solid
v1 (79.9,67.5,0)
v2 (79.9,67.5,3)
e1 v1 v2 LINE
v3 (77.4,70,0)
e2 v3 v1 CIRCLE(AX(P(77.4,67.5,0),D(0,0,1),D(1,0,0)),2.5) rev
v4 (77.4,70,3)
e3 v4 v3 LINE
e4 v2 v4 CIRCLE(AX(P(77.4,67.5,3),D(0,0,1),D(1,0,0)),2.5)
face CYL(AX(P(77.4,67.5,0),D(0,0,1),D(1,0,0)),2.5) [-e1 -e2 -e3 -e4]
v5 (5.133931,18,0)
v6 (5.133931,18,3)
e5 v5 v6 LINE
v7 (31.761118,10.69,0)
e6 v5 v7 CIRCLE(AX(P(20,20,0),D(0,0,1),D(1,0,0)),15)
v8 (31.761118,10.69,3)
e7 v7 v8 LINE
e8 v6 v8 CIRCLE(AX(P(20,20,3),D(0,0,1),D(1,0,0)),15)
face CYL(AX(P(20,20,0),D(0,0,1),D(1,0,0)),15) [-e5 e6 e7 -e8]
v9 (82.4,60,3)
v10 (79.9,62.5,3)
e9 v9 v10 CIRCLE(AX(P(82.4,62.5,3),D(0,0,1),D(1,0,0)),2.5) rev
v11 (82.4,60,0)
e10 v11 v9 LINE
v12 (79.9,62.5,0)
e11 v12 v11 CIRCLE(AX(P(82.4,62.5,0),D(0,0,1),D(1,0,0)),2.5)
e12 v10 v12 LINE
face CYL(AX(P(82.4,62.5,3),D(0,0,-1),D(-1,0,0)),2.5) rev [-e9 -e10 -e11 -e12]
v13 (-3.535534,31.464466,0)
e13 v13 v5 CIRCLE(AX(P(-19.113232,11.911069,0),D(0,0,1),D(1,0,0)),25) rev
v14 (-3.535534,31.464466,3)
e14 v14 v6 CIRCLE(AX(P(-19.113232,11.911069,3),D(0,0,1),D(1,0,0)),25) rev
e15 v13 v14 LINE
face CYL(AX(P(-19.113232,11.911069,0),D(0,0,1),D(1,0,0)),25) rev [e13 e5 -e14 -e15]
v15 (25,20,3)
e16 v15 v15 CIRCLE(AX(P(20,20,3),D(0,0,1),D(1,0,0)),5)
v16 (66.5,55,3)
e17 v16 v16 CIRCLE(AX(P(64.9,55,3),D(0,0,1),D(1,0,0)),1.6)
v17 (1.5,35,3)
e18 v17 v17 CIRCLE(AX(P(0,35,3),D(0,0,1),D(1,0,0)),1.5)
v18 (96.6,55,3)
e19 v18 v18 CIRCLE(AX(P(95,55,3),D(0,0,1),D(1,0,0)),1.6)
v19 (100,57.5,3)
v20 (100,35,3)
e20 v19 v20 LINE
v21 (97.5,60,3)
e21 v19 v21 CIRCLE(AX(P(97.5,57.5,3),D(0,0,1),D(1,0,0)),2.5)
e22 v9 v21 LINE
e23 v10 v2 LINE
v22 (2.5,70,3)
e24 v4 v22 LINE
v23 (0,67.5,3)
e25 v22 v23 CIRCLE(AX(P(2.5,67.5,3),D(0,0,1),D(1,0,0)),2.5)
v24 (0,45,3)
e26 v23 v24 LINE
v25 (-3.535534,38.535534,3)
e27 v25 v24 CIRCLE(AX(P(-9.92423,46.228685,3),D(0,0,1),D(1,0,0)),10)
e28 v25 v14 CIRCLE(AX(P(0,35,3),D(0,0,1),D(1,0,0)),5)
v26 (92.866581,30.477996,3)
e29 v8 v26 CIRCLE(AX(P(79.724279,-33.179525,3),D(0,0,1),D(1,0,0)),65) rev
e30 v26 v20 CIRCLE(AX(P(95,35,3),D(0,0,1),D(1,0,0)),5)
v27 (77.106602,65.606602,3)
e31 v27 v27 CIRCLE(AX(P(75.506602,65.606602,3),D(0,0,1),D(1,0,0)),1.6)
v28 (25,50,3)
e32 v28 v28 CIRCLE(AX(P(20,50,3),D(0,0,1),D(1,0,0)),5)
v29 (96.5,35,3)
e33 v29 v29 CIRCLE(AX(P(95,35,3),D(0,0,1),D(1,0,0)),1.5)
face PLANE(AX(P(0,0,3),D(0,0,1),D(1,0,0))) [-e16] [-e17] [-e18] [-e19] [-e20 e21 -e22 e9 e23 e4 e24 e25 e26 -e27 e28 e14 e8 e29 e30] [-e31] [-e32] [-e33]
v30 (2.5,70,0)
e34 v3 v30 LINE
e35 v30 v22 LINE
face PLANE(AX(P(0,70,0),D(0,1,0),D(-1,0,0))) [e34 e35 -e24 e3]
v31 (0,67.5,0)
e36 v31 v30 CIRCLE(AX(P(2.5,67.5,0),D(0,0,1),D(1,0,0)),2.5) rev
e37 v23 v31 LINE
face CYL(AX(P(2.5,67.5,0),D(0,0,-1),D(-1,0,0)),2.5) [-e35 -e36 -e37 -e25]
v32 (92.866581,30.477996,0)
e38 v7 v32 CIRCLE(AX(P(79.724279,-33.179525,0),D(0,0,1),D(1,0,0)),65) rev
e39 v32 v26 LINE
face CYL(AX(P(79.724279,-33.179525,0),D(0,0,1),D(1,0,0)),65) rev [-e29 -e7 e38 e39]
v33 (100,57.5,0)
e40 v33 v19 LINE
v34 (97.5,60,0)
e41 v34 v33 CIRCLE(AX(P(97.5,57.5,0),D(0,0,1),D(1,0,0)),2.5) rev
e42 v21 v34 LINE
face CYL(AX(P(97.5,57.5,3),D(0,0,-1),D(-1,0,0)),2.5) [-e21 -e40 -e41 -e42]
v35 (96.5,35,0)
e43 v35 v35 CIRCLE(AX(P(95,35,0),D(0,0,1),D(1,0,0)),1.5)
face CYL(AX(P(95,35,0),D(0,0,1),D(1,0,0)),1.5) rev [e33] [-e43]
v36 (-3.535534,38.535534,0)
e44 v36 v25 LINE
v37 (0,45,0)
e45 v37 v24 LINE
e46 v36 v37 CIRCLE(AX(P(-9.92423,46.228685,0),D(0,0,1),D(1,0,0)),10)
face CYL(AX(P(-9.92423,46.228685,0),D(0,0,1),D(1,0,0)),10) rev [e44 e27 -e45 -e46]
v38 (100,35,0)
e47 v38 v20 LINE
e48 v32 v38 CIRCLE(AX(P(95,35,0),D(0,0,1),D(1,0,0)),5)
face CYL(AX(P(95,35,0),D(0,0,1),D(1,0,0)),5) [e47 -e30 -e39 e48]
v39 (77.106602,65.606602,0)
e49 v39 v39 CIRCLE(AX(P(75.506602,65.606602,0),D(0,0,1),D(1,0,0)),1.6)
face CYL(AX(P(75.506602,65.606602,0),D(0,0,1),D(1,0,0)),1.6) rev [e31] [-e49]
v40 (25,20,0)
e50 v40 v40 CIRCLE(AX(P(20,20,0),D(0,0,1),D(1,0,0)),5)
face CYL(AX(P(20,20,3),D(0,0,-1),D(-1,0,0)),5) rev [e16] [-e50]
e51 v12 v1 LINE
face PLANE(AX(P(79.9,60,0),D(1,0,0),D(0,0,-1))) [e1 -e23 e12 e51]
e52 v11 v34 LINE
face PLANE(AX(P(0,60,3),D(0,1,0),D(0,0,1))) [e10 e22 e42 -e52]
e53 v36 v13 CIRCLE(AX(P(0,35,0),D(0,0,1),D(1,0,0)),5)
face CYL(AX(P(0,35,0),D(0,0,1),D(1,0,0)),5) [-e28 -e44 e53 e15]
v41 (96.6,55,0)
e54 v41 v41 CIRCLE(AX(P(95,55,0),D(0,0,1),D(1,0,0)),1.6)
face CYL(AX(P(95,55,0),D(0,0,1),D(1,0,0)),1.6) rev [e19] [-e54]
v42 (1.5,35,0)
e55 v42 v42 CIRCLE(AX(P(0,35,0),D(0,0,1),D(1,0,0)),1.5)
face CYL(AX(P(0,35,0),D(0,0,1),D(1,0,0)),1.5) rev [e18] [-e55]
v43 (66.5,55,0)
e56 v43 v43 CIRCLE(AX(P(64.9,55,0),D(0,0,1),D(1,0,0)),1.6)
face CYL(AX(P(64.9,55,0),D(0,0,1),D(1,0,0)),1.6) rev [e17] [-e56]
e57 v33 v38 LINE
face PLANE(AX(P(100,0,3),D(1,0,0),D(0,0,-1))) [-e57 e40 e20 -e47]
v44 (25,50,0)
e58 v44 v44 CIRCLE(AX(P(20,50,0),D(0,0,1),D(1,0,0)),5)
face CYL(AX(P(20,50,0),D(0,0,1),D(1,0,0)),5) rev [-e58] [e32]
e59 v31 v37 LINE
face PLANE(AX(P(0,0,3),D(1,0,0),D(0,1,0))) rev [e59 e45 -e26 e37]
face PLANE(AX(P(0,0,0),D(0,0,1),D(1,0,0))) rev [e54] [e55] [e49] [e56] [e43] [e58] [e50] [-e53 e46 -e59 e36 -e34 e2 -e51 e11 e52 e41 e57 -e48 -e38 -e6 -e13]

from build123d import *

# Parameters (mm, degrees)
SKETCH_1_R               = 5
SKETCH_1_R_2             = 2.15
EXTRUDE_1_DEPTH          = 3
SKETCH_2_R               = 1.5
CUT_EXTRUDE_1_DEPTH      = 117.657618697
CUT_EXTRUDE_3_DEPTH      = 117.657618697
SKETCH_5_W               = 40
SKETCH_5_H               = 20
SKETCH_5_R               = 2.15
EXTRUDE_2_DEPTH          = 3
SKETCH_6_R               = 5
CUT_EXTRUDE_4_DEPTH      = 117.657618697
SKETCH_7_R               = 1.5
EXTRUDE_4_DEPTH          = 3
CUT_EXTRUDE_6_DEPTH      = 117.657618697
CUT_EXTRUDE_6_DEPTH_BACK = 117.657618697
SKETCH_9_R               = 1.6
CUT_EXTRUDE_7_DEPTH      = 117.657618697
SKETCH_10_W              = 79.9
SKETCH_10_H              = 10
SKETCH_10_R              = 1.6
EXTRUDE_5_DEPTH          = 3
FILLET_1_R               = 2.5


with BuildPart() as part:
    # ｽｹｯﾁ1 → ﾎﾞｽ - 押し出し1 (new body)
    with BuildSketch(Plane.XY):
        Polygon((10, 60), (0, 60), (0, 0), (100, 0), (100, 50), (100, 60), (50, 60), (50, 40), (10, 40), align=None)
        with Locations((20, 20)):
            Circle(SKETCH_1_R, mode=Mode.SUBTRACT)
        with Locations((5.25, 45)):
            Circle(SKETCH_1_R_2, mode=Mode.SUBTRACT)
        with Locations((5.25, 55)):
            Circle(SKETCH_1_R_2, mode=Mode.SUBTRACT)
        with Locations((54.75, 45)):
            Circle(SKETCH_1_R_2, mode=Mode.SUBTRACT)
        with Locations((54.75, 55)):
            Circle(SKETCH_1_R_2, mode=Mode.SUBTRACT)
    extrude(amount=EXTRUDE_1_DEPTH)

    # ｽｹｯﾁ2 → ｶｯﾄ - 押し出し1 (cut, through all)
    with BuildSketch(Plane.XY.offset(3)):
        with Locations((95, 35)):
            Circle(SKETCH_2_R)
    extrude(amount=-CUT_EXTRUDE_1_DEPTH, mode=Mode.SUBTRACT)

    # ｽｹｯﾁ4 → ｶｯﾄ - 押し出し3 (cut, through all)
    with BuildSketch(Plane.XY.offset(3)):
        with BuildLine():
            ThreePointArc((30.606601718, 9.393398282), (11.666446505, 7.527955815), (6.141807012, 25.740251485))
            ThreePointArc((6.141807012, 25.740251485), (5.992593584, 34.011854082), (1.731818145, 41.103219734))
            ThreePointArc((1.731818145, 41.103219734), (1.633577382, 41.194216579), (1.537689399, 41.287689399))
            ThreePointArc((1.537689399, 41.287689399), (0.399632454, 42.99091198), (0, 45))
            Line((0, 45), (0, 0))
            Line((0, 0), (100, 0))
            Line((100, 0), (100, 35))
            ThreePointArc((100, 35), (98.535533906, 31.464466094), (95, 30))
            ThreePointArc((95, 30), (93.906844507, 30.120962075), (92.866581158, 30.477995572))
            ThreePointArc((92.866581158, 30.477995572), (59.698938801, 28.658859349), (31.76111788, 10.689999666))
            ThreePointArc((31.76111788, 10.689999666), (31.202634234, 10.024981894), (30.606601718, 9.393398282))
        make_face()
    extrude(amount=-CUT_EXTRUDE_3_DEPTH, mode=Mode.SUBTRACT)

    # ｽｹｯﾁ5 → ﾎﾞｽ - 押し出し2 (add, through all)
    with BuildSketch(Plane.XY.offset(3)):
        with Locations((30, 50)):
            Rectangle(SKETCH_5_W, SKETCH_5_H)
        with Locations((5.25, 55)):
            Circle(SKETCH_5_R)
        with Locations((5.25, 45)):
            Circle(SKETCH_5_R)
        with Locations((54.75, 45)):
            Circle(SKETCH_5_R)
        with Locations((54.75, 55)):
            Circle(SKETCH_5_R)
    extrude(amount=-EXTRUDE_2_DEPTH)

    # ｽｹｯﾁ6 → ｶｯﾄ - 押し出し4 (cut, through all)
    with BuildSketch(Plane.XY.offset(3)):
        with Locations((20, 50)):
            Circle(SKETCH_6_R)
    extrude(amount=-CUT_EXTRUDE_4_DEPTH, mode=Mode.SUBTRACT)

    # ｽｹｯﾁ7 → ﾎﾞｽ - 押し出し4 (add, through all)
    # profile 1 of 2: a face of its own
    with BuildSketch(Plane.XY.offset(3)):
        with BuildLine():
            ThreePointArc((0, 45), (-1.007160055, 41.702552665), (-3.074339462, 38.943150628))
            ThreePointArc((-3.074339462, 38.943150628), (2.194117441, 39.492866419), (5, 35))
            ThreePointArc((5, 35), (2.338239569, 30.580425844), (-2.813054288, 30.866390733))
            ThreePointArc((-2.813054288, 30.866390733), (2.156646174, 25.048507639), (5.133931253, 18))
            ThreePointArc((5.133931253, 18), (5.125569714, 21.936833416), (6.141807012, 25.740251485))
            ThreePointArc((6.141807012, 25.740251485), (5.992593584, 34.011854082), (1.731818145, 41.103219734))
            ThreePointArc((1.731818145, 41.103219734), (0.4524509, 42.867859613), (0, 45))
        make_face()
    # profile 2 of 2: a face of its own
    with BuildSketch(Plane.XY.offset(3)):
        with BuildLine():
            ThreePointArc((-3.074339462, 38.943150628), (-3.301799792, 38.735793058), (-3.535533906, 38.535533906))
            ThreePointArc((-3.535533906, 38.535533906), (-5, 35), (-3.535533906, 31.464466094))
            ThreePointArc((-3.535533906, 31.464466094), (-3.171489153, 31.168816808), (-2.813054288, 30.866390733))
            ThreePointArc((-2.813054288, 30.866390733), (2.338239569, 30.580425844), (5, 35))
            ThreePointArc((5, 35), (2.194117441, 39.492866419), (-3.074339462, 38.943150628))
        make_face()
        with Locations((0, 35)):
            Circle(SKETCH_7_R, mode=Mode.SUBTRACT)
    extrude(amount=-EXTRUDE_4_DEPTH)

    # ｽｹｯﾁ9 → ｶｯﾄ - 押し出し6 (cut, two sides: drawn at the far end of the back side and taken through both)
    with BuildSketch(Plane.XY.offset(3).offset(-CUT_EXTRUDE_6_DEPTH_BACK)):
        with Locations((64.9, 55)):
            Circle(SKETCH_9_R)
    extrude(amount=CUT_EXTRUDE_6_DEPTH + CUT_EXTRUDE_6_DEPTH_BACK, mode=Mode.SUBTRACT)

    # ｽｹｯﾁ8 → ｶｯﾄ - 押し出し7 (cut, through all)
    with BuildSketch(Plane.XY.offset(3)):
        with BuildLine():
            ThreePointArc((95, 56.6), (93.4, 55), (95, 53.4))
            Line((95, 53.4), (95, 56.6))
        make_face()
        with BuildLine():
            Line((95, 56.6), (95, 53.4))
            ThreePointArc((95, 53.4), (96.13137085, 53.86862915), (96.6, 55))
            ThreePointArc((96.6, 55), (96.13137085, 56.13137085), (95, 56.6))
        make_face()
    extrude(amount=-CUT_EXTRUDE_7_DEPTH, mode=Mode.SUBTRACT)

    # ｽｹｯﾁ10 → ﾎﾞｽ - 押し出し5 (add, through all)
    with BuildSketch(Plane.XY.offset(3)):
        with Locations((39.95, 65)):
            Rectangle(SKETCH_10_W, SKETCH_10_H)
        with Locations((75.506601718, 65.606601718)):
            Circle(SKETCH_10_R, mode=Mode.SUBTRACT)
    extrude(amount=-EXTRUDE_5_DEPTH)

    # ﾌｨﾚｯﾄ1
    fillet_1_edges = [part.edges().sort_by_distance(p)[0] for p in [
        (0, 70, 1.5),
        (79.9, 70, 1.5),
        (79.9, 60, 1.5),
        (100, 60, 1.5),
    ]]
    fillet(fillet_1_edges, radius=FILLET_1_R)


solid = part.part
